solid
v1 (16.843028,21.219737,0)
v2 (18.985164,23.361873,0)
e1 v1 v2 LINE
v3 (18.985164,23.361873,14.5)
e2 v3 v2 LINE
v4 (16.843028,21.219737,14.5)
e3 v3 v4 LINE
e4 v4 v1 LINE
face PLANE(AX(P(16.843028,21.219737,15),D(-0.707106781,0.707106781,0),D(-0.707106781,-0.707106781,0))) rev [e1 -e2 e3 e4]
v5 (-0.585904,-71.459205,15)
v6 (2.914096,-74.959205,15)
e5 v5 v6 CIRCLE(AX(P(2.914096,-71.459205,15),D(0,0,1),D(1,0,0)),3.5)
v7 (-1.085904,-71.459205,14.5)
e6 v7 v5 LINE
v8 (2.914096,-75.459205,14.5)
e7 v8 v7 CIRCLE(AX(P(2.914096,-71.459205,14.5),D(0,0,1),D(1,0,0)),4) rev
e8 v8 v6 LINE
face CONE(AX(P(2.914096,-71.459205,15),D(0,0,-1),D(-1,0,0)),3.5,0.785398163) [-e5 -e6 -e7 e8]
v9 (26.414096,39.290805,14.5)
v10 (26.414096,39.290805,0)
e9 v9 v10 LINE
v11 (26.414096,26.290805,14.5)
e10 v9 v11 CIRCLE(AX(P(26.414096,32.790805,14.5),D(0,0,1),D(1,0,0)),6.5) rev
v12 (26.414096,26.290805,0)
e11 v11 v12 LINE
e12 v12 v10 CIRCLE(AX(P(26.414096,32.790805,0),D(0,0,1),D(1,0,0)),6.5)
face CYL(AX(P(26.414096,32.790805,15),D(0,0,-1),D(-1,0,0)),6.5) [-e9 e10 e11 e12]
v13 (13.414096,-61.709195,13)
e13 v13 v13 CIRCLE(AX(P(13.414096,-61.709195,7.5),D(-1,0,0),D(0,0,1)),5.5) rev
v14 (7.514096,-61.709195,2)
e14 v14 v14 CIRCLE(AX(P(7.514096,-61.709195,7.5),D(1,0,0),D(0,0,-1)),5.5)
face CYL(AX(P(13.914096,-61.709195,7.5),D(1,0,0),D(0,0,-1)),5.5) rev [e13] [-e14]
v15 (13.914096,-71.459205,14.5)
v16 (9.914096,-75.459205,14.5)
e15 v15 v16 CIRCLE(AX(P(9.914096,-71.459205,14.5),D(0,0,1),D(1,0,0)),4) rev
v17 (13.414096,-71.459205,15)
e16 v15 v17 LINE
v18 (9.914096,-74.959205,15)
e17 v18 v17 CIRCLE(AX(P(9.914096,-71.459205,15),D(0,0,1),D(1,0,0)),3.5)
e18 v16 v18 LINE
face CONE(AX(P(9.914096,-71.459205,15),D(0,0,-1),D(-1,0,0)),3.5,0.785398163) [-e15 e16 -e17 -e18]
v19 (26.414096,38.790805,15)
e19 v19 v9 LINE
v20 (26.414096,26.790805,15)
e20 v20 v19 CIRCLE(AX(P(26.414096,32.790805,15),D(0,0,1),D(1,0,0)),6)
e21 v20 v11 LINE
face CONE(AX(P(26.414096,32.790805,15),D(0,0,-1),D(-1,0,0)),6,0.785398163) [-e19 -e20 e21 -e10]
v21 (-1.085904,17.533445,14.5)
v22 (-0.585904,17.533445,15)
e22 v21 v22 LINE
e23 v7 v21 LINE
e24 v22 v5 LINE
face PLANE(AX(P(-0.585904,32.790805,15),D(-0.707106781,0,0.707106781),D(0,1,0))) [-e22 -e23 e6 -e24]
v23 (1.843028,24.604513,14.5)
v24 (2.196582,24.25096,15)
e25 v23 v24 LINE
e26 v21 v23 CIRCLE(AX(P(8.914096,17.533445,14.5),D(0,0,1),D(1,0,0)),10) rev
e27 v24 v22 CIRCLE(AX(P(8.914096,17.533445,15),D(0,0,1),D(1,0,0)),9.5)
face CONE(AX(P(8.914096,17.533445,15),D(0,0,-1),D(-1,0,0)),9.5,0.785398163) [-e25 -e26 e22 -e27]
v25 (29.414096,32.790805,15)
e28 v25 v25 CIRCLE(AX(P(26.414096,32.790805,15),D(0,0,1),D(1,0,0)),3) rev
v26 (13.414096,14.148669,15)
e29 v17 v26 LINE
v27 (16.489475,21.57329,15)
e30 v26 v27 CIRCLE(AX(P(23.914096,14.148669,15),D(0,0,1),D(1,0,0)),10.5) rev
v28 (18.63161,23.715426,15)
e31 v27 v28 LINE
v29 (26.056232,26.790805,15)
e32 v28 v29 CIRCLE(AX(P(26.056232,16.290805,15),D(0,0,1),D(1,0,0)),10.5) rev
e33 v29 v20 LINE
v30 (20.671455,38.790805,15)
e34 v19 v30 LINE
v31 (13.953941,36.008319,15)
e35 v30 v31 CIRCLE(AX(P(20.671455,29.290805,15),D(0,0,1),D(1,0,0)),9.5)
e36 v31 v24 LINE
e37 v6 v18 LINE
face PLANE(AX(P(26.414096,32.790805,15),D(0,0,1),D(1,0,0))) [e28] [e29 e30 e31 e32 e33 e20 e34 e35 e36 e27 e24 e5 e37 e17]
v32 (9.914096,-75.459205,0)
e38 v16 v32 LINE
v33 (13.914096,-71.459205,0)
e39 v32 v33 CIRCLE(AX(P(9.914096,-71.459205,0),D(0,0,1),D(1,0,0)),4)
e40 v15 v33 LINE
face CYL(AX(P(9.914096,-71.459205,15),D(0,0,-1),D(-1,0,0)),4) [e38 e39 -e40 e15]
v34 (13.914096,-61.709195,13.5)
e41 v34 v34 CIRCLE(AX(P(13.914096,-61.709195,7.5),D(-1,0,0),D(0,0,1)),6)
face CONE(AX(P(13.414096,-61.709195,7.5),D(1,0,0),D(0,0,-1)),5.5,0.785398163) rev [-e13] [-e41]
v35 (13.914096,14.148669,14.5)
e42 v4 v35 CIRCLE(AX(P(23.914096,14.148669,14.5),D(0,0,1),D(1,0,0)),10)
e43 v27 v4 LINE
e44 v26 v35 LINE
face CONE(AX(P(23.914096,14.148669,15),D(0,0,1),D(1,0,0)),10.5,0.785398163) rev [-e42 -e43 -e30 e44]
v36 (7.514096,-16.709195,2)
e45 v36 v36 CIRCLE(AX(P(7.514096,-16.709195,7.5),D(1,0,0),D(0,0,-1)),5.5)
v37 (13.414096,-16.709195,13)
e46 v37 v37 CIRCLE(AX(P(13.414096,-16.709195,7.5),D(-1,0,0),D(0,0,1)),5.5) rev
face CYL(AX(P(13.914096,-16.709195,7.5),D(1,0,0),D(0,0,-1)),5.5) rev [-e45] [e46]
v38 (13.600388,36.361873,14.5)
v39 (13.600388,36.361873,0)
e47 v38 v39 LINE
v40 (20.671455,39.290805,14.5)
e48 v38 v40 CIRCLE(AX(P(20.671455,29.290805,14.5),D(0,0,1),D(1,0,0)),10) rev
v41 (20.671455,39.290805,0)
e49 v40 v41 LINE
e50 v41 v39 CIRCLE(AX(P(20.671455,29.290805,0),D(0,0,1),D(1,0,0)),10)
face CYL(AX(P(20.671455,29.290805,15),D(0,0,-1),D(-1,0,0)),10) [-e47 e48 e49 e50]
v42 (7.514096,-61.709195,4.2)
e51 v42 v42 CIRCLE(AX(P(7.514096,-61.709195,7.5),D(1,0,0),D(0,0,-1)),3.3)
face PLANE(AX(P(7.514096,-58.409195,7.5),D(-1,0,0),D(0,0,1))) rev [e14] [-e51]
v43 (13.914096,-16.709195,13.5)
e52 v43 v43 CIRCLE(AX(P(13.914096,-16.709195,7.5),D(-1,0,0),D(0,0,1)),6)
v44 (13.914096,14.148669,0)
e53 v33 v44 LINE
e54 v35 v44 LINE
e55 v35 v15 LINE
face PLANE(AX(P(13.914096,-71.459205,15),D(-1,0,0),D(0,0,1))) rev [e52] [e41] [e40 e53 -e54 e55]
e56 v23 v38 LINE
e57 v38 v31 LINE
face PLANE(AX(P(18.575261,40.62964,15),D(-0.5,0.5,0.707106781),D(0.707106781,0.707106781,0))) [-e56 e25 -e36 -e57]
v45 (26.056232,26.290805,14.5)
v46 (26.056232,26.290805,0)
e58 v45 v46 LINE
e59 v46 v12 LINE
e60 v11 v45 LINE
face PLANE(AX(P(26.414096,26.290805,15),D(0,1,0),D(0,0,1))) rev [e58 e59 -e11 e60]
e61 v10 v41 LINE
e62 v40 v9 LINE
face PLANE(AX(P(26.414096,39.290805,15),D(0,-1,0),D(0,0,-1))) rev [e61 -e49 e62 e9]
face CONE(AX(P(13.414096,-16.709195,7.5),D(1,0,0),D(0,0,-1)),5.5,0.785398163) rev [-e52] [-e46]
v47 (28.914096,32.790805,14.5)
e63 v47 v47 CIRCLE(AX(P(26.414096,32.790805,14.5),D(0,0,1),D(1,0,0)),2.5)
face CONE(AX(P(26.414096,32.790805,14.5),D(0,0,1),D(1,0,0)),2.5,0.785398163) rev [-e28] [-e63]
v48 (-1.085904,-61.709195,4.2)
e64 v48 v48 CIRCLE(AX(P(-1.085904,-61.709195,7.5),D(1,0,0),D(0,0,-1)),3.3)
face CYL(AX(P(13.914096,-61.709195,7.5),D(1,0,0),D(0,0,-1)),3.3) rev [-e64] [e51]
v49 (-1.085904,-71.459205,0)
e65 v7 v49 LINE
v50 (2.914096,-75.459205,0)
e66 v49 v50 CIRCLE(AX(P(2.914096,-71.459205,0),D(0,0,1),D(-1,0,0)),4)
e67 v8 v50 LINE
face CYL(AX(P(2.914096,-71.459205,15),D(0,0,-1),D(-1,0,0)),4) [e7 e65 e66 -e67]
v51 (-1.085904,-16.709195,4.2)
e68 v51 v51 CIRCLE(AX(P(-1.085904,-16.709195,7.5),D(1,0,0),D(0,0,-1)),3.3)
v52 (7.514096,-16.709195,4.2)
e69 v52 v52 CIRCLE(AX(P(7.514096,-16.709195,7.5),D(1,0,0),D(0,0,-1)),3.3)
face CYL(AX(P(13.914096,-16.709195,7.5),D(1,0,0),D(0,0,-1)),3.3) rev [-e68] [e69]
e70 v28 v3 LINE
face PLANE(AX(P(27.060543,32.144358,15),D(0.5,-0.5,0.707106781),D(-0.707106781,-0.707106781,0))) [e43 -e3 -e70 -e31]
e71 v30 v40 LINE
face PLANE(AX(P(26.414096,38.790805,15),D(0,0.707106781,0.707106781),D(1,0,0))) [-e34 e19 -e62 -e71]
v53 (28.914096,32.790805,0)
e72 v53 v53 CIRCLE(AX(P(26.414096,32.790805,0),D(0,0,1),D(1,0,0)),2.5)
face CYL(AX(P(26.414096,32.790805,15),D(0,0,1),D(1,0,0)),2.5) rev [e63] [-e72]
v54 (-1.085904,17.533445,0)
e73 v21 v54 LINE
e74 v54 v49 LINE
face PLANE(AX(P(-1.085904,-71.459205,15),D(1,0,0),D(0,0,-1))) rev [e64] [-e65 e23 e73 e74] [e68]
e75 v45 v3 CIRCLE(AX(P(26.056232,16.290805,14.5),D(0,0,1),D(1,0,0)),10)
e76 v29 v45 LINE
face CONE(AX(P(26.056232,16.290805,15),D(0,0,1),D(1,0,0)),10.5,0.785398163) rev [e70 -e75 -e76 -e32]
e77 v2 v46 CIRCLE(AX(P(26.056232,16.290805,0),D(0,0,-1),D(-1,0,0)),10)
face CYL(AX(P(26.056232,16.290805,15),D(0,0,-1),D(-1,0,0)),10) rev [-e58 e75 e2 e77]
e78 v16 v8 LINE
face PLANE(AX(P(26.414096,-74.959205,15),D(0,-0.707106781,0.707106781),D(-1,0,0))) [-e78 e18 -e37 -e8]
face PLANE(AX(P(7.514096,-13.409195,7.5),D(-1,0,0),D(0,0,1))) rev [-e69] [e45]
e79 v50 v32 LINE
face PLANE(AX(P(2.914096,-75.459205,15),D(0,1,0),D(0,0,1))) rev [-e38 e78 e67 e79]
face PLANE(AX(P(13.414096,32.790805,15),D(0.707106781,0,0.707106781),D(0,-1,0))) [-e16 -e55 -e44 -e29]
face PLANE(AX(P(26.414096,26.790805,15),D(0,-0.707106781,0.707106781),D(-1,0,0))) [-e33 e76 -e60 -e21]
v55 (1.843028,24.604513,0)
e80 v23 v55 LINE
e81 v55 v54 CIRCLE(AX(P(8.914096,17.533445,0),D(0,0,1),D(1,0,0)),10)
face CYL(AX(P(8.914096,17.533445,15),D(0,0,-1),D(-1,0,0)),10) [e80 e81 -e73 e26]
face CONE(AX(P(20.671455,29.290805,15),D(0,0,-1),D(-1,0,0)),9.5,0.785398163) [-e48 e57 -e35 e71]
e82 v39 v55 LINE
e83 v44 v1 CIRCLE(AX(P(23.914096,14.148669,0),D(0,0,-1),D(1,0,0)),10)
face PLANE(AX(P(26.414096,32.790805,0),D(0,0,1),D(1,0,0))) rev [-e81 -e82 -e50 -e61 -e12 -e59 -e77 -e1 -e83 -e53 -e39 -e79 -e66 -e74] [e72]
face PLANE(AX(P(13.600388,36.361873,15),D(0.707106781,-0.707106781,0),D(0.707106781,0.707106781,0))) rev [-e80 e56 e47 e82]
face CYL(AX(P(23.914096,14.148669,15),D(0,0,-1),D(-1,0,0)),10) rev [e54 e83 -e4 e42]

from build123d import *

# Parameters (mm, degrees)
BOSS_EXTRUDE1_DEPTH                                 = 15
TAP_DRILL_FOR_M6_TAP1_D                             = 5
CBORE_FOR_M6_HEX_SOCKET_HEAD_CAP_SCREW1_D           = 6.6
CBORE_FOR_M6_HEX_SOCKET_HEAD_CAP_SCREW1_CBORE_D     = 11
CBORE_FOR_M6_HEX_SOCKET_HEAD_CAP_SCREW1_CBORE_DEPTH = 6.4
CHAMFER1_SIZE                                       = 0.5


with BuildPart() as part:
    # Sketch1 → Boss-Extrude1 (new body)
    with BuildSketch(Plane.XY):
        with BuildLine():
            Line((2.914096072, -75.45920495), (9.914096072, -75.45920495))
            ThreePointArc((9.914096072, -75.45920495), (12.742523197, -74.287632074), (13.914096072, -71.45920495))
            Line((13.914096072, -71.45920495), (13.914096072, 14.148669163))
            ThreePointArc((13.914096072, 14.148669163), (14.675300747, 17.975503486), (16.84302826, 21.219736974))
            Line((16.84302826, 21.219736974), (18.985163884, 23.361872598))
            ThreePointArc((18.985163884, 23.361872598), (22.229397372, 25.529600111), (26.056231696, 26.290804786))
            Line((26.056231696, 26.290804786), (26.414096072, 26.290804786))
            ThreePointArc((26.414096072, 26.290804786), (32.914096072, 32.790804786), (26.414096072, 39.290804786))
            Line((26.414096072, 39.290804786), (20.671455385, 39.290804786))
            ThreePointArc((20.671455385, 39.290804786), (16.844621061, 38.529600111), (13.600387573, 36.361872598))
            Line((13.600387573, 36.361872598), (1.84302826, 24.604513285))
            ThreePointArc((1.84302826, 24.604513285), (-0.324699253, 21.360279797), (-1.085903928, 17.533445473))
            Line((-1.085903928, 17.533445473), (-1.085903928, -71.45920495))
            ThreePointArc((-1.085903928, -71.45920495), (0.085668947, -74.287632074), (2.914096072, -75.45920495))
        make_face()
    extrude(amount=BOSS_EXTRUDE1_DEPTH)

    # Tap Drill for M6 Tap1 (through all)
    with Locations(Plane.XY.offset(15)):
        with Locations((26.414096072, 32.790804786)):
            Hole(TAP_DRILL_FOR_M6_TAP1_D / 2)

    # CBORE for M6 Hex Socket Head Cap Screw1 (through all)
    with Locations(Plane(origin=(13.914096072, 0, 0), x_dir=(0, 0, -1), z_dir=(1, 0, 0))):
        with Locations((-7.5, -16.709195214), (-7.5, -61.709195214)):
            CounterBoreHole(CBORE_FOR_M6_HEX_SOCKET_HEAD_CAP_SCREW1_D / 2, CBORE_FOR_M6_HEX_SOCKET_HEAD_CAP_SCREW1_CBORE_D / 2, CBORE_FOR_M6_HEX_SOCKET_HEAD_CAP_SCREW1_CBORE_DEPTH)

    # Chamfer1
    chamfer1_edges = [part.edges().sort_by_distance(p)[0] for p in [
        (16.844621061, 38.529600111, 15),
        (7.721707916, 30.483192942, 15),
        (-0.324699253, 21.360279797, 15),
        (-1.085903928, -26.962879738, 15),
        (0.085668947, -74.287632074, 15),
        (6.414096072, -75.45920495, 15),
        (12.742523197, -74.287632074, 15),
        (13.914096072, -28.655267893, 15),
        (14.675300747, 17.975503486, 15),
        (17.914096072, 22.290804786, 15),
        (32.914096072, 32.790804786, 15),
        (22.229397372, 25.529600111, 15),
        (28.914096072, 32.790804786, 15),
        (26.235163884, 26.290804786, 15),
        (13.914096072, -61.709195214, 13),
        (13.914096072, -16.709195214, 13),
        (23.542775728, 39.290804786, 15),
    ]]
    chamfer(chamfer1_edges, length=CHAMFER1_SIZE)


solid = part.part
